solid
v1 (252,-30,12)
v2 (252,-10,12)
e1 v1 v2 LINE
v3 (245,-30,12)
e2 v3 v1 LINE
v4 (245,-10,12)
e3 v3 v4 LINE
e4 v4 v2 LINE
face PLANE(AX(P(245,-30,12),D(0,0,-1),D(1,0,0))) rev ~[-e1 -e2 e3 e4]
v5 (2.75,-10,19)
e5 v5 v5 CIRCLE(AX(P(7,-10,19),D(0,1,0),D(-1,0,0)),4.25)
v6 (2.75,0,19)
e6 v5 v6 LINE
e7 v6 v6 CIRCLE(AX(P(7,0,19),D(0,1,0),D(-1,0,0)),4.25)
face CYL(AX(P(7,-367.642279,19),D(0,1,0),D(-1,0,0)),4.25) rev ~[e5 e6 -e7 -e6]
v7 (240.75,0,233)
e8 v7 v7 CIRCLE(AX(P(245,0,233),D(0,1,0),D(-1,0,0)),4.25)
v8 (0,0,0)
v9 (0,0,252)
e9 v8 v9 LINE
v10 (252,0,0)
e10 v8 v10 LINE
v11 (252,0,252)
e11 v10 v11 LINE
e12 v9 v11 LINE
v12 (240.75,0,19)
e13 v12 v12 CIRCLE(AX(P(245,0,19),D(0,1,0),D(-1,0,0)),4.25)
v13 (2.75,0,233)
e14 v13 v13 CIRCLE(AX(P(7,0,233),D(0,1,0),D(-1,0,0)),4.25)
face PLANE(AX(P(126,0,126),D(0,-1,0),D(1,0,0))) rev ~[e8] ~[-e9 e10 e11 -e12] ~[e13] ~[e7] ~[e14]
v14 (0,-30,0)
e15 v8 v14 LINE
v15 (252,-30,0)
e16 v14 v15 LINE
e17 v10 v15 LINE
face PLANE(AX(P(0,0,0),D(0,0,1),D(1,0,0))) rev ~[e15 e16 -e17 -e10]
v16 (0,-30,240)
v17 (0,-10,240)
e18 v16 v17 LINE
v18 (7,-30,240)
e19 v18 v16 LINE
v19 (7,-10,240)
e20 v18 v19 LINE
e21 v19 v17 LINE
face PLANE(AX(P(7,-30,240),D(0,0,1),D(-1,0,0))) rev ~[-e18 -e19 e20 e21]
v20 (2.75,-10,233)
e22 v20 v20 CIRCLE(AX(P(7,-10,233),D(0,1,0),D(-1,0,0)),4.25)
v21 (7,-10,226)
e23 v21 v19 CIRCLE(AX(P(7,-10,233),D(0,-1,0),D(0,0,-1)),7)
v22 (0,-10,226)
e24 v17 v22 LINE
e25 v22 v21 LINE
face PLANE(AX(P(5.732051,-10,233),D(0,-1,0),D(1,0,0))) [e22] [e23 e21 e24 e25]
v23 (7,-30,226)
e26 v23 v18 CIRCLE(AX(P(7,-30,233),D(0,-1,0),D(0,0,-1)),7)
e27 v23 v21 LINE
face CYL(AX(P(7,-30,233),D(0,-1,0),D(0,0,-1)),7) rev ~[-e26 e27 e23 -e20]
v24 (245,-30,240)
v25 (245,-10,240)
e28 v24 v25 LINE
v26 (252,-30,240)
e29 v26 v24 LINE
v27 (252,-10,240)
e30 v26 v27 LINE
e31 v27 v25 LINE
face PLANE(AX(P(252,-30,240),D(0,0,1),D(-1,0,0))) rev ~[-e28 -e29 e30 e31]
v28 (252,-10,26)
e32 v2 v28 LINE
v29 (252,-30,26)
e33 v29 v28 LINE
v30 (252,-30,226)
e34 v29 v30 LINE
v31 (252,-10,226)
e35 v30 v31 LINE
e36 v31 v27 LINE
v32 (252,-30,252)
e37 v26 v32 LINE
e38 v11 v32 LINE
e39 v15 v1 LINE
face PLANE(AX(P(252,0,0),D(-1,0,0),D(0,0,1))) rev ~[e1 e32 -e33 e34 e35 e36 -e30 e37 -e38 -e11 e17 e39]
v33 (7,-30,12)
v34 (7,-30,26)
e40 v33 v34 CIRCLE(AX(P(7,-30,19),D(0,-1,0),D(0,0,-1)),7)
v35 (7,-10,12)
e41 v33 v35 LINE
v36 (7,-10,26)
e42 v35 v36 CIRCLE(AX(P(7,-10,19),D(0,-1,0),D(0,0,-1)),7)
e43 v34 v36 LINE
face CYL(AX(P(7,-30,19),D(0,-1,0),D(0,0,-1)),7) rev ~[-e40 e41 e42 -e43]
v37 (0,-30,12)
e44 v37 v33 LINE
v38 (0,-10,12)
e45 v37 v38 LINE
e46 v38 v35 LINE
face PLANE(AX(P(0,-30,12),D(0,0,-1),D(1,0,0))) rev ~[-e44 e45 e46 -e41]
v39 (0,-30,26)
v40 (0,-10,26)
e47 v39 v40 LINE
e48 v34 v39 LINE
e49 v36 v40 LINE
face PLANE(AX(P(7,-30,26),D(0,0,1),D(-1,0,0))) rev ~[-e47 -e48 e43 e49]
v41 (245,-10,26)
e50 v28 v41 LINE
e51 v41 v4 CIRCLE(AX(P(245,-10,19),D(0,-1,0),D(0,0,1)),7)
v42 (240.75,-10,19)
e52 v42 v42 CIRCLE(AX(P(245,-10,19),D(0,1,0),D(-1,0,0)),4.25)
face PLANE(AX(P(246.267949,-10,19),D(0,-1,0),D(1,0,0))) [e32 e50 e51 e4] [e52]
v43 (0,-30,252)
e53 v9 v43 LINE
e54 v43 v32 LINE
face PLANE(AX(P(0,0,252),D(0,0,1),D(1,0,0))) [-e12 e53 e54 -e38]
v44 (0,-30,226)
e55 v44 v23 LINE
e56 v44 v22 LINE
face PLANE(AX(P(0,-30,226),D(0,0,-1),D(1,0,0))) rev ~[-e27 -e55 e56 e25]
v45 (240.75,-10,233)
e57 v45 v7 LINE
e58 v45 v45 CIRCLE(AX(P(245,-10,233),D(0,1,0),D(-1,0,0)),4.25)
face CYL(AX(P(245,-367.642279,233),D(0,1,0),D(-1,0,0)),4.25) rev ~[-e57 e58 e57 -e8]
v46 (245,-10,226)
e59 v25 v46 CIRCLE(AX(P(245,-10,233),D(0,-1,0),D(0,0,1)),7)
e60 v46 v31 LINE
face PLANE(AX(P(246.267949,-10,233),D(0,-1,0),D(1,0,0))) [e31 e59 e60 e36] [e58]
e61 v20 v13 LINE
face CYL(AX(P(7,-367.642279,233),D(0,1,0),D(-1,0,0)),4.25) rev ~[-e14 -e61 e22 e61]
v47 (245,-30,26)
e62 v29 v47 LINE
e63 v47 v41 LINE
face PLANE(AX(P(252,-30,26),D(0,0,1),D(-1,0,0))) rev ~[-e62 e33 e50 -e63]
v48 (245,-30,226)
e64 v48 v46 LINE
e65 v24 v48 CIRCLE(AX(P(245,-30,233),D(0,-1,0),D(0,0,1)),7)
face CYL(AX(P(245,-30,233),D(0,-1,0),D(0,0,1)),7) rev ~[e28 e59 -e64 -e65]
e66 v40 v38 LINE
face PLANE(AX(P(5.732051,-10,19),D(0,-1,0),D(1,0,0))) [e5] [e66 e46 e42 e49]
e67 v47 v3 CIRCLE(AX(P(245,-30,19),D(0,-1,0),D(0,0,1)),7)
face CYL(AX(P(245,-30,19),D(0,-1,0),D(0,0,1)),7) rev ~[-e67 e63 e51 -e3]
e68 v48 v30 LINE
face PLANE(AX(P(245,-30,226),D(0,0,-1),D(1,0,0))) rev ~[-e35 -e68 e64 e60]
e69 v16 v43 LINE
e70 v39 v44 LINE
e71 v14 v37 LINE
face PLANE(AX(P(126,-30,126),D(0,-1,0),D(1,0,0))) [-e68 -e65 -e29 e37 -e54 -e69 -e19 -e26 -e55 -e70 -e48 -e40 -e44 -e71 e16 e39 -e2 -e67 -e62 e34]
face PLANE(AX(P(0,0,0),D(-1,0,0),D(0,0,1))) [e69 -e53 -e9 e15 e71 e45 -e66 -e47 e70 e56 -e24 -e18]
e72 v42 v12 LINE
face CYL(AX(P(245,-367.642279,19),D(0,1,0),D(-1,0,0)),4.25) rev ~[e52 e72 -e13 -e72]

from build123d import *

# Parameters (mm, degrees)
F0_W     = 252
F0_H     = 252
F1_DEPTH = 30
F3_DEPTH = 20
F5_D     = 8.5


with BuildPart() as f1:
    # F0 (on Front) → F1 (new body)
    with BuildSketch(Plane.XZ):
        with Locations((126, 126)):
            Rectangle(F0_W, F0_H)
    extrude(amount=F1_DEPTH)

    # F2 (on face) → F3 (cut)
    with BuildSketch(Plane.XZ.offset(30)):
        with BuildLine():
            Line((7, 26), (0, 26))
            Line((0, 26), (0, 12))
            Line((0, 12), (7, 12))
            ThreePointArc((7, 12), (14, 19), (7, 26))
        make_face()
        with BuildLine():
            Line((245, 12), (252, 12))
            Line((252, 12), (252, 26))
            Line((252, 26), (245, 26))
            ThreePointArc((245, 26), (238, 19), (245, 12))
        make_face()
        with BuildLine():
            Line((252, 226), (252, 240))
            Line((252, 240), (245, 240))
            ThreePointArc((245, 240), (238, 233), (245, 226))
            Line((245, 226), (252, 226))
        make_face()
        with BuildLine():
            Line((0, 233), (0, 226))
            Line((0, 226), (7, 226))
            ThreePointArc((7, 226), (14, 233), (7, 240))
            Line((7, 240), (0, 240))
            Line((0, 240), (0, 233))
        make_face()
    extrude(amount=-F3_DEPTH, mode=Mode.SUBTRACT)

    # F5 (through all)
    with Locations(Plane.XZ.offset(10)):
        with Locations((7, 233), (245, 233), (245, 19), (7, 19)):
            Hole(F5_D / 2)


solid = f1.part
